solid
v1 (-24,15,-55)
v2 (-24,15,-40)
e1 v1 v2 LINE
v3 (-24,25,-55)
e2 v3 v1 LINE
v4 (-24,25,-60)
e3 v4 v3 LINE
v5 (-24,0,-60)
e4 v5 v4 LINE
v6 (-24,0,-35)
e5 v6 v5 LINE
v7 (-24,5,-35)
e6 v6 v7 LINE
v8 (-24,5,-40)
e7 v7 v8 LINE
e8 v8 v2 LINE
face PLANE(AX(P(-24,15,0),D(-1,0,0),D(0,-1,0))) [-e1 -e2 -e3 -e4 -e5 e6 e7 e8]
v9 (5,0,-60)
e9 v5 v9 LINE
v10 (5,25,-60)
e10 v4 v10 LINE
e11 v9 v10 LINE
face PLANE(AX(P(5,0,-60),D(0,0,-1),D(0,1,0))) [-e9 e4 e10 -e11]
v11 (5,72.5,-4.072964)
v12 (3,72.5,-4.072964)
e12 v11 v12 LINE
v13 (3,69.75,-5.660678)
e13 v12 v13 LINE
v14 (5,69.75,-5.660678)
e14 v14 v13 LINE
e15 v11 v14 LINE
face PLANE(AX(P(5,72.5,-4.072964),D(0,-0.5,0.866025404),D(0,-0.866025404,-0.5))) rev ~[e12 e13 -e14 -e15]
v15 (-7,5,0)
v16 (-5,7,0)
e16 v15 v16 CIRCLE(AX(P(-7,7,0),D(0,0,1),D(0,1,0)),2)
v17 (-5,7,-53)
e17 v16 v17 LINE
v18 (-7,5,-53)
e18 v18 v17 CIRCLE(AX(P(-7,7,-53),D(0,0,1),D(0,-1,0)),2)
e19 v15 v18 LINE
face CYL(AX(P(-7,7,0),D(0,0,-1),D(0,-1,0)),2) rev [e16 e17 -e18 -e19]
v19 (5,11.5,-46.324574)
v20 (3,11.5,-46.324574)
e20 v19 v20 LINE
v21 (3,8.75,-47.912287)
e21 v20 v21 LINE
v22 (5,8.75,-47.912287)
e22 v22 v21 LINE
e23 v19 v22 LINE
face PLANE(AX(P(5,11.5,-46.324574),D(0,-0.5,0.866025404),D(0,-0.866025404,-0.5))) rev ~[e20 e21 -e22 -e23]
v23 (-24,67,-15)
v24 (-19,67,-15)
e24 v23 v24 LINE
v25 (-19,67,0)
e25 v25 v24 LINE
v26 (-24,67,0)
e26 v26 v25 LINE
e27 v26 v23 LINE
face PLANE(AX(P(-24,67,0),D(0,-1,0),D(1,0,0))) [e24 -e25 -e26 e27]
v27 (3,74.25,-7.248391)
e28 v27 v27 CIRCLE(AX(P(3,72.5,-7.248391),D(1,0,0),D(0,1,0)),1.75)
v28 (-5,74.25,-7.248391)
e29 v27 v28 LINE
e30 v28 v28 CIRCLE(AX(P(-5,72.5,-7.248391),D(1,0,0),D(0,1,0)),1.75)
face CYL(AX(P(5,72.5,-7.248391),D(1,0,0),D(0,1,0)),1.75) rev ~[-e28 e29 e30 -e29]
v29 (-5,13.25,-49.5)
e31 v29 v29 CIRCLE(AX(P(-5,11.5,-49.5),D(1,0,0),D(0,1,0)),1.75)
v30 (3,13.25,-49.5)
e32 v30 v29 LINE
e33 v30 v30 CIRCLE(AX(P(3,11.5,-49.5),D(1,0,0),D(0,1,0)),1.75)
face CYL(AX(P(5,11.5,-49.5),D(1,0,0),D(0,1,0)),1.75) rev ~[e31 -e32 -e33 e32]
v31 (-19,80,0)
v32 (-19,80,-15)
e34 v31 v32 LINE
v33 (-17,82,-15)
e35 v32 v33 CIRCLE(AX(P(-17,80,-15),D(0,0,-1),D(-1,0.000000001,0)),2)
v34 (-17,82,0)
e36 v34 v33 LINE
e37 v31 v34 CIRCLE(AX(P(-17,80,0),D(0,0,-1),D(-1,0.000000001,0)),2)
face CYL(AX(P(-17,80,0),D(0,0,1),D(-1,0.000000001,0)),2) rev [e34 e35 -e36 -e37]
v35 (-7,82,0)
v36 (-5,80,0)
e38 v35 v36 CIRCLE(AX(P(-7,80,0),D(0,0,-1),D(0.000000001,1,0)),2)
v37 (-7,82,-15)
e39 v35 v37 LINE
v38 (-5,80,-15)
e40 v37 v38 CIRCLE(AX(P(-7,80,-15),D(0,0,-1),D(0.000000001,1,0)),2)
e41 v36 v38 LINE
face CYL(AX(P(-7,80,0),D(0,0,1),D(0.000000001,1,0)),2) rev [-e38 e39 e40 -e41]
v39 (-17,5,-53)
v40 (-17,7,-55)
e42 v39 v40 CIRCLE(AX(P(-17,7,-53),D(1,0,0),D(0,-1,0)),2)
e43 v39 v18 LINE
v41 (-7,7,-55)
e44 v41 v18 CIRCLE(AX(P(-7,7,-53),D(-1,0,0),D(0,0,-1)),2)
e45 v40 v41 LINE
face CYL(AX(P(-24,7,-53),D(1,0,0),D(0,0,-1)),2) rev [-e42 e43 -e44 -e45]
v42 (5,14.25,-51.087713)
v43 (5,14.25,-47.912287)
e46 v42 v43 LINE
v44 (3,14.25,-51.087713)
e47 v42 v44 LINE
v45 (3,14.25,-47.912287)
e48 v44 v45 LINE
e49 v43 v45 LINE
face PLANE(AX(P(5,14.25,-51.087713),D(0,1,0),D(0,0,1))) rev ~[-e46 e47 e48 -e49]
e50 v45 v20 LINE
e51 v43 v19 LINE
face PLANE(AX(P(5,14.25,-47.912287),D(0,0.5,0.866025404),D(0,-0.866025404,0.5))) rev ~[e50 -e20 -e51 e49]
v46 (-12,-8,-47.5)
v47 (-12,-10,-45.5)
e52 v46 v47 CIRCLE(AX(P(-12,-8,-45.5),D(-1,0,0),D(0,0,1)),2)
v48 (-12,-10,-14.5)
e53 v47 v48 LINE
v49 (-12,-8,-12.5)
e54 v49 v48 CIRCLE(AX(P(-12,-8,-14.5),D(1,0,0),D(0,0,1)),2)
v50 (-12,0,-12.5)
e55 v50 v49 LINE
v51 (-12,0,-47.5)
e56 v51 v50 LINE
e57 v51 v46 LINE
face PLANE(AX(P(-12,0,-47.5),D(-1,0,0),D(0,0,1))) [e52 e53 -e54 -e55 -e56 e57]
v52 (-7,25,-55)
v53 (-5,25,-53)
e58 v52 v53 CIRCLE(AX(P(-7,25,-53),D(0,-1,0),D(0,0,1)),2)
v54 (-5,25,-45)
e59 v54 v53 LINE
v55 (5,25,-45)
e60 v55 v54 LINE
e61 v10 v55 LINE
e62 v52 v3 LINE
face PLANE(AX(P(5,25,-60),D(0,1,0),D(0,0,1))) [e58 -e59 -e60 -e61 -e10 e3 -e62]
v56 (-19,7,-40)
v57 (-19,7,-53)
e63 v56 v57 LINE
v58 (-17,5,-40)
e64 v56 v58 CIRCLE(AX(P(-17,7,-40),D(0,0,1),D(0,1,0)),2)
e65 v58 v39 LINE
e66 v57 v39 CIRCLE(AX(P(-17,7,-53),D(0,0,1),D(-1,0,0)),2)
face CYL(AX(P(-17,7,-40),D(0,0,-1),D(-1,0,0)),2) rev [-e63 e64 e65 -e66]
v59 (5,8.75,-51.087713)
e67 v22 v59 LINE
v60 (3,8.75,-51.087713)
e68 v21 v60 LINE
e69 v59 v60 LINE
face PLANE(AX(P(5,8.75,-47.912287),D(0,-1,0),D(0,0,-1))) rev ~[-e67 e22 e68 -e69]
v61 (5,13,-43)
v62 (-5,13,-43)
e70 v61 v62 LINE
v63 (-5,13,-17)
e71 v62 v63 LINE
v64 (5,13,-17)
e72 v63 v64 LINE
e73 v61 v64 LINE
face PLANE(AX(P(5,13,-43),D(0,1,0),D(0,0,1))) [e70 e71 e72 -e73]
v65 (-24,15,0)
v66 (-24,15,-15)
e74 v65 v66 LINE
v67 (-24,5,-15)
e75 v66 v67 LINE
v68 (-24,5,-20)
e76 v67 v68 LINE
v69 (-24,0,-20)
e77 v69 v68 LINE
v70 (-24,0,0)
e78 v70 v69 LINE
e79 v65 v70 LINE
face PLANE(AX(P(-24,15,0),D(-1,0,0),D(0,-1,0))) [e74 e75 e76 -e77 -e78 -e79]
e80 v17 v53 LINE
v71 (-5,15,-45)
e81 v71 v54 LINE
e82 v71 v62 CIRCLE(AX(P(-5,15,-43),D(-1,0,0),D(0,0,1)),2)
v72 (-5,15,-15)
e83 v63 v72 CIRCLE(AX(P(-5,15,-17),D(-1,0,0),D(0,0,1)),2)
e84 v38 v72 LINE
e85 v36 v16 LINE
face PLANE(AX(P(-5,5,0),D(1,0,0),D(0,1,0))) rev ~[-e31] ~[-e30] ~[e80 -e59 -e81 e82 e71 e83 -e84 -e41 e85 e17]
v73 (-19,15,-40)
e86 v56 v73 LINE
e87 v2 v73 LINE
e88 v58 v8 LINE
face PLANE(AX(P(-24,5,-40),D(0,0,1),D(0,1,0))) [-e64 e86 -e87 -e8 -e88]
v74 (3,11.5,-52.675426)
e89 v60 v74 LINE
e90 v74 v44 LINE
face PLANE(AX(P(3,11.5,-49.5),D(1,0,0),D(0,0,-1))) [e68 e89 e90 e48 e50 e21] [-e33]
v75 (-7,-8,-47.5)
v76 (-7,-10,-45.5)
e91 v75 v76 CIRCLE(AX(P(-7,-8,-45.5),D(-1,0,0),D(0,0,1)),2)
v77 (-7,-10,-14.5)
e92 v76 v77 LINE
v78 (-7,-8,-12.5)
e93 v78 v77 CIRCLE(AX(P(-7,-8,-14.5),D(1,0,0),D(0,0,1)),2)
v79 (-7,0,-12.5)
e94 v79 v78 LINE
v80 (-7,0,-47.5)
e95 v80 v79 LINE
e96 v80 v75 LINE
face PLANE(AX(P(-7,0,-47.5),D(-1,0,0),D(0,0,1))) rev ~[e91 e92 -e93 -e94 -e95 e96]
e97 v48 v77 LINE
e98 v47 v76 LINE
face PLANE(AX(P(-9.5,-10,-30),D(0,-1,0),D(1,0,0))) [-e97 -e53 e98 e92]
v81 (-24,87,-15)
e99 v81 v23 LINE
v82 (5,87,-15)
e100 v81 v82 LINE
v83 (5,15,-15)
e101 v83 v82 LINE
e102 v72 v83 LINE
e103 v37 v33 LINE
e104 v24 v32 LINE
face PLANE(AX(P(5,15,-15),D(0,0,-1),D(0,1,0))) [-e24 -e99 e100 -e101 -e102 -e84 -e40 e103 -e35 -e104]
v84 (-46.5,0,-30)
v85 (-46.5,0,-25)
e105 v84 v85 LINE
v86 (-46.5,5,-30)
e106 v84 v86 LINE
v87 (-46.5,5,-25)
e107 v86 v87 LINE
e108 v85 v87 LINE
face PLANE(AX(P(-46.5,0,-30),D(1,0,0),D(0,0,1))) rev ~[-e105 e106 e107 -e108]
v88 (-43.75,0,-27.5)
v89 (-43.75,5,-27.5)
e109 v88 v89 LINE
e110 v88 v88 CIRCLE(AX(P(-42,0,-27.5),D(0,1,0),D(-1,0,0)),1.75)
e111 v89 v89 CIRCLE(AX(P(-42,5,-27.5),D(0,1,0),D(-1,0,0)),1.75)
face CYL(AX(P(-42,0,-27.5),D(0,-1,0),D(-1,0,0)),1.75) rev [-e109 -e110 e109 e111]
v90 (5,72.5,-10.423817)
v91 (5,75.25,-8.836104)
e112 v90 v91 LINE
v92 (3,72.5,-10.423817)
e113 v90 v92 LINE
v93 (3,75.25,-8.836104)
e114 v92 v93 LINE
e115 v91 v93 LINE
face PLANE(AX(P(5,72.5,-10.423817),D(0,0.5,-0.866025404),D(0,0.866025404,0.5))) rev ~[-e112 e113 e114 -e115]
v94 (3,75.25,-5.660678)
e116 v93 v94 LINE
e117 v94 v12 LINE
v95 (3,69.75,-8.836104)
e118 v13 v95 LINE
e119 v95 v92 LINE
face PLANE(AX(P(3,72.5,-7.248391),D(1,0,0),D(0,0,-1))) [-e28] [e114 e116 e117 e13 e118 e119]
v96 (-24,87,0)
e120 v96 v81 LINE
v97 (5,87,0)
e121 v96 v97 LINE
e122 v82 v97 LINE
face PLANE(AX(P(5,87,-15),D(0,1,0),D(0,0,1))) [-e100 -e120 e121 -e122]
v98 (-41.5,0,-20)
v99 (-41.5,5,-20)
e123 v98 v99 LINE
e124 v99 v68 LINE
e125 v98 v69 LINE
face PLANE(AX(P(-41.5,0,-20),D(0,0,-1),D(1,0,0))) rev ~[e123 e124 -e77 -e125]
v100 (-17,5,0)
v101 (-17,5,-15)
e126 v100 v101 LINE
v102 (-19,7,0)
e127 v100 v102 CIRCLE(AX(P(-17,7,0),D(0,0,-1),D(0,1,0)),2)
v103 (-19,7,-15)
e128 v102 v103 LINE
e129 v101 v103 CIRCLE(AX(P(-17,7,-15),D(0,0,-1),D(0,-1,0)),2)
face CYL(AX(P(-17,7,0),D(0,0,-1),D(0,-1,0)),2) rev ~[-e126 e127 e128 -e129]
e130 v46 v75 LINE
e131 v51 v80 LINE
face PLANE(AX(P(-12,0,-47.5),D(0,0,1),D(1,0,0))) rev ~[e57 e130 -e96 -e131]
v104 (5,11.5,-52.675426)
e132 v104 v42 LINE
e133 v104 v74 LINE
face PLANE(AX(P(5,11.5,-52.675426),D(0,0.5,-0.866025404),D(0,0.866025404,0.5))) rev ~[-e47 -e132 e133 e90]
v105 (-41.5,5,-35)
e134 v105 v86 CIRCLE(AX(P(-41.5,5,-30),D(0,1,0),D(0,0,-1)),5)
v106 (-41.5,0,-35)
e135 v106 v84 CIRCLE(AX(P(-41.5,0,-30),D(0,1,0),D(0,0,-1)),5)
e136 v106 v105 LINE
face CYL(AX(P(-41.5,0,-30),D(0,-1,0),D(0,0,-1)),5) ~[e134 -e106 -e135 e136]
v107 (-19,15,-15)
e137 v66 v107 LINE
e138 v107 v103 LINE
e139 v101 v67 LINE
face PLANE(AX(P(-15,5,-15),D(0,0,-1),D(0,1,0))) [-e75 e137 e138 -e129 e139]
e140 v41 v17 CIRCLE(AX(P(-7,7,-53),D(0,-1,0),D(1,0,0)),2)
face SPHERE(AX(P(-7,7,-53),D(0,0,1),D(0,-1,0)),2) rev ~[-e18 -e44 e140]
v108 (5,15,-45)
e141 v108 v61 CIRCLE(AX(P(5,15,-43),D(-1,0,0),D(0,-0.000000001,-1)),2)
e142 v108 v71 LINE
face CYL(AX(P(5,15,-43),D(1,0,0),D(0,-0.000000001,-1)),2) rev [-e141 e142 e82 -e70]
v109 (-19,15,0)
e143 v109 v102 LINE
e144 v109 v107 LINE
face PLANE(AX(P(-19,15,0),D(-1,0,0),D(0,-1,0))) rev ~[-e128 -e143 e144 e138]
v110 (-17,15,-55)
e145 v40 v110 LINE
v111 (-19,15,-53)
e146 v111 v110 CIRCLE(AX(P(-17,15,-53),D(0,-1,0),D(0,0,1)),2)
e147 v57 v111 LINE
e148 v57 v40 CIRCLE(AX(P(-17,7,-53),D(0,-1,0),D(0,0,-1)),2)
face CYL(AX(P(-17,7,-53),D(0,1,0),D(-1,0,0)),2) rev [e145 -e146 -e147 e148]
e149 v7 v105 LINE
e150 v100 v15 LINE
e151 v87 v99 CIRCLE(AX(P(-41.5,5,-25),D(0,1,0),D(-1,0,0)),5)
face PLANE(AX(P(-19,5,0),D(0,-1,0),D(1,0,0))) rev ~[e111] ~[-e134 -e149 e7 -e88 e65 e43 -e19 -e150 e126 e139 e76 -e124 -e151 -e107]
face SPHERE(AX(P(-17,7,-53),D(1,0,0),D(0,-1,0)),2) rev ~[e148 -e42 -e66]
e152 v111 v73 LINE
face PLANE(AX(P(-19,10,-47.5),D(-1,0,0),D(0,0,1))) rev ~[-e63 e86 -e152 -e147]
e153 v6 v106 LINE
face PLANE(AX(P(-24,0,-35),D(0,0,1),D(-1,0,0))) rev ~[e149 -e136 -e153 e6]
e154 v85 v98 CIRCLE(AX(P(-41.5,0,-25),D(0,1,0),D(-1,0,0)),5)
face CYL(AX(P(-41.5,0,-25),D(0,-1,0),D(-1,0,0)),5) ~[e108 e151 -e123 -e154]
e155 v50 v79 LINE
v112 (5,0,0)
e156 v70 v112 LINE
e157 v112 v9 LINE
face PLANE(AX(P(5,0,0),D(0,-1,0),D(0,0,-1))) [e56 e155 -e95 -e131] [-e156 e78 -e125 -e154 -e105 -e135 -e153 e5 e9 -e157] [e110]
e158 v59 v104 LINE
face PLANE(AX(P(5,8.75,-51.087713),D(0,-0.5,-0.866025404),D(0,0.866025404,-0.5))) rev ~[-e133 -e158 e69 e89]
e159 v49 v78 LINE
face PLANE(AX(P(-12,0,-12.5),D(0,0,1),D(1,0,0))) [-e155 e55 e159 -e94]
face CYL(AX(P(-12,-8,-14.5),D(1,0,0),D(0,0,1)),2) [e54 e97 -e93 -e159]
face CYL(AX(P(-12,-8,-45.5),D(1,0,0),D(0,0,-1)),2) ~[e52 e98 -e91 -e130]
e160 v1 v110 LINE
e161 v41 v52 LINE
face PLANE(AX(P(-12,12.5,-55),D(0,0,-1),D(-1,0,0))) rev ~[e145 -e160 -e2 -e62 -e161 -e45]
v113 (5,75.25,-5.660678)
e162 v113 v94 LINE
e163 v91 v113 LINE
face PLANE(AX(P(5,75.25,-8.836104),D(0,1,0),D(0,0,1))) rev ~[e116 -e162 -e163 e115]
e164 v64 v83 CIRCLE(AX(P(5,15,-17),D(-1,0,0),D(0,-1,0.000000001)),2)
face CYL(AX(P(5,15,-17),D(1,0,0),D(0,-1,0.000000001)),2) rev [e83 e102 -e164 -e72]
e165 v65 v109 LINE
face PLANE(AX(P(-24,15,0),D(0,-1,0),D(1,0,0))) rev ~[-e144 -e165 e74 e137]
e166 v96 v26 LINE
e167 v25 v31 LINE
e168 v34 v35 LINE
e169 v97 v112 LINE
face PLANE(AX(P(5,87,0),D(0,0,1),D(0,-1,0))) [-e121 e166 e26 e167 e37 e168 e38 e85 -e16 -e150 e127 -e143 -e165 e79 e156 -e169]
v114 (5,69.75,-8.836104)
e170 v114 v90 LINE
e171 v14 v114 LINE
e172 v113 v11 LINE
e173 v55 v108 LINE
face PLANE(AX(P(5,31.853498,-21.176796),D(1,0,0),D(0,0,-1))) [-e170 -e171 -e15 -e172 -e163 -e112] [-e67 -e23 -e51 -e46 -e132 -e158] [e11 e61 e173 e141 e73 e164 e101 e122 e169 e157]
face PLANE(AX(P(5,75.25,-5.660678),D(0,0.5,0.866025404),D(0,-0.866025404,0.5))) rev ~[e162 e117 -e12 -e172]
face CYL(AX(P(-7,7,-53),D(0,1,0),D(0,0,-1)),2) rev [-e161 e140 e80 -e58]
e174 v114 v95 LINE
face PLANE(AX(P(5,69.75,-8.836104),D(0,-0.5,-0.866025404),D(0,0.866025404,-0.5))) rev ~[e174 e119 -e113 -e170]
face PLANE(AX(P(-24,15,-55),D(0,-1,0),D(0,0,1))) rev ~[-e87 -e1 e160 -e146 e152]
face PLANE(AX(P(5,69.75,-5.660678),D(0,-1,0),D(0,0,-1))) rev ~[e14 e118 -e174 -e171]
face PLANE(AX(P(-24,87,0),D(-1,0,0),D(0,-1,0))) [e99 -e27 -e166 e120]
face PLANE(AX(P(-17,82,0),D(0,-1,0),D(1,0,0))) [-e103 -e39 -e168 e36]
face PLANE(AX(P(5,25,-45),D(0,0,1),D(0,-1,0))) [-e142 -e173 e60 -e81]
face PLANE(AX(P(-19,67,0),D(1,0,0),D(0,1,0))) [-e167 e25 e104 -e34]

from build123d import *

# Parameters (mm, degrees)
BOSS_EXTRUDE1_DEPTH     = 15
BOSS_EXTRUDE2_DEPTH     = 60
SKETCH3_W               = 24
SKETCH3_H               = 25
BOSS_EXTRUDE3_DEPTH     = 5
FILLET1_R               = 2
CUT_EXTRUDE1_DEPTH      = 109.374351209
CUT_EXTRUDE1_DEPTH_BACK = 9
SKETCH5_W               = 30
SKETCH5_H               = 12
CUT_EXTRUDE2_DEPTH      = 9
FILLET2_R               = 2
FILLET3_R               = 2
FILLET4_R               = 2
SKETCH6_W               = 15
SKETCH6_H               = 10
BOSS_EXTRUDE4_DEPTH     = 5
FILLET5_R               = 2
BOSS_EXTRUDE6_START     = 5
BOSS_EXTRUDE6_DEPTH     = 5
SKETCH11_R              = 1.75
CUT_EXTRUDE6_DEPTH      = 17
CUT_EXTRUDE7_DEPTH      = 2
SKETCH16_R              = 1.75
BOSS_EXTRUDE7_DEPTH     = 5
SKETCH17_W              = 5
SKETCH17_H              = 35
BOSS_EXTRUDE8_DEPTH     = 10
FILLET6_R               = 2


with BuildPart() as part:
    # Sketch1 → Boss-Extrude1 (new body)
    with BuildSketch(Plane.XY):
        with BuildLine():
            Line((0, 0), (0, 87))
            Line((0, 87), (-24, 87))
            Line((-24, 87), (-24, 67))
            Line((-24, 67), (-19, 67))
            Line((-19, 67), (-19, 80))
            ThreePointArc((-19, 80), (-18.414213562, 81.414213562), (-17, 82))
            Line((-17, 82), (-7, 82))
            ThreePointArc((-7, 82), (-5.585786438, 81.414213562), (-5, 80))
            Line((-5, 80), (-5, 75.913258959))
            Line((-5, 75.913258959), (-5, 0))
            Line((-5, 0), (0, 0))
        make_face()
    extrude(amount=-BOSS_EXTRUDE1_DEPTH)

    # Sketch2 → Boss-Extrude2 (add)
    with BuildSketch(Plane.XY):
        Polygon((-5, 0), (-24, 0), (-24, 0.85250732), (-24, 15), (-19, 15), (-19, 5), (-5, 5), (-5, 25), (0, 25), (0, 0), align=None)
    extrude(amount=-BOSS_EXTRUDE2_DEPTH)

    # Sketch3 → Boss-Extrude3 (add)
    with BuildSketch(Plane(origin=(0, 0, -60), x_dir=(-1, 0, 0), z_dir=(0, 0, -1))):
        with Locations((12, 12.5)):
            Rectangle(SKETCH3_W, SKETCH3_H)
    extrude(amount=-BOSS_EXTRUDE3_DEPTH)

    # Fillet1
    fillet1_edges = [part.edges().sort_by_distance(p)[0] for p in [
        (-5, 5, -27.5),
        (-19, 5, -27.5),
    ]]
    fillet(fillet1_edges, radius=FILLET1_R)

    # Sketch4 → Cut-Extrude1 (cut, two sides: drawn at the far end of the back side and taken through both)
    with BuildSketch(Plane.ZY.offset(24).offset(-CUT_EXTRUDE1_DEPTH_BACK)):
        Polygon((-55, 206.20706388), (-55, 15), (-55, 5), (-15, 5), (-15, 15), (-15, 206.20706388), (-15, 588.62119164), (-55, 588.62119164), align=None)
    extrude(amount=CUT_EXTRUDE1_DEPTH + CUT_EXTRUDE1_DEPTH_BACK, mode=Mode.SUBTRACT)

    # Sketch5 → Cut-Extrude2 (cut)
    with BuildSketch(Plane.ZY.offset(5)):
        with Locations((-30, 19)):
            Rectangle(SKETCH5_W, SKETCH5_H)
    extrude(amount=-CUT_EXTRUDE2_DEPTH, mode=Mode.SUBTRACT)

    # Fillet2
    fillet2_edges = [part.edges().sort_by_distance(p)[0] for p in [
        (-5, 16, -55),
        (-15.5, 5, -55),
        (-5.585786438, 5.585786438, -55),
    ]]
    fillet(fillet2_edges, radius=FILLET2_R)

    # Fillet3
    fillet3_edges = [part.edges().sort_by_distance(p)[0] for p in [
        (-2.5, 13, -45),
    ]]
    fillet(fillet3_edges, radius=FILLET3_R)

    # Fillet4
    fillet4_edges = [part.edges().sort_by_distance(p)[0] for p in [
        (-2.5, 13, -15),
    ]]
    fillet(fillet4_edges, radius=FILLET4_R)

    # Sketch6 → Boss-Extrude4 (add)
    with BuildSketch(Plane.ZY.offset(24)):
        with Locations((-47.5, 10)):
            Rectangle(SKETCH6_W, SKETCH6_H)
    extrude(amount=-BOSS_EXTRUDE4_DEPTH)

    # Fillet5
    fillet5_edges = [part.edges().sort_by_distance(p)[0] for p in [
        (-19, 5.585786438, -54.414213562),
        (-19, 11, -55),
        (-19, 5, -46.5),
    ]]
    fillet(fillet5_edges, radius=FILLET5_R)

    # Sketch10 → Boss-Extrude6 (add)
    with BuildSketch(Plane(origin=(0, 0, 0), x_dir=(0, 0, -1), z_dir=(1, 0, 0)).offset(BOSS_EXTRUDE6_START)):
        with BuildLine():
            Line((43, 13), (17, 13))
            ThreePointArc((17, 13), (15.585786438, 13.585786438), (15, 15))
            Line((15, 15), (15, 87))
            Line((15, 87), (0, 87))
            Line((0, 87), (0, 0))
            Line((0, 0), (60, 0))
            Line((60, 0), (60, 25))
            Line((60, 25), (45, 25))
            Line((45, 25), (45, 15))
            ThreePointArc((45, 15), (44.414213562, 13.585786438), (43, 13))
        make_face()
    extrude(amount=-BOSS_EXTRUDE6_DEPTH)

    # Sketch11 → Cut-Extrude6 (cut)
    with BuildSketch(Plane(origin=(5, 0, 0), x_dir=(0, 0, -1), z_dir=(1, 0, 0))):
        with Locations(Location((49.5, 11.5, 0), (0, 0, 90))):
            Circle(SKETCH11_R)
        with Locations(Location((7.248390946, 72.5, 0), (0, 0, 90))):
            Circle(SKETCH11_R)
    extrude(amount=-CUT_EXTRUDE6_DEPTH, mode=Mode.SUBTRACT)

    # Sketch14 → Cut-Extrude7 (cut)
    with BuildSketch(Plane(origin=(5, 0, 0), x_dir=(0, 0, -1), z_dir=(1, 0, 0))):
        Polygon((10.423817427, 72.5), (8.836104186, 75.25), (5.660677706, 75.25), (4.072964465, 72.5), (5.660677706, 69.75), (8.836104186, 69.75), align=None)
        Polygon((52.675426481, 11.5), (51.08771324, 14.25), (47.91228676, 14.25), (46.324573519, 11.5), (47.91228676, 8.75), (51.08771324, 8.75), align=None)
    extrude(amount=-CUT_EXTRUDE7_DEPTH, mode=Mode.SUBTRACT)

    # Sketch16 → Boss-Extrude7 (add)
    with BuildSketch(Plane(origin=(0, 0, 0), x_dir=(1, 0, 0), z_dir=(0, 1, 0))):
        with BuildLine():
            Line((-24, 35), (-41.5, 35))
            ThreePointArc((-41.5, 35), (-45.035533906, 33.535533906), (-46.5, 30))
            Line((-46.5, 30), (-46.5, 25))
            ThreePointArc((-46.5, 25), (-45.035533906, 21.464466094), (-41.5, 20))
            Line((-41.5, 20), (-24, 20))
            Line((-24, 20), (-24, 35))
        make_face()
        with Locations(Location((-42, 27.5, 0), (0, 0, 180))):
            Circle(SKETCH16_R, mode=Mode.SUBTRACT)
    extrude(amount=BOSS_EXTRUDE7_DEPTH)

    # Sketch17 → Boss-Extrude8 (add)
    with BuildSketch(Plane.XZ):
        with Locations((-9.5, -30)):
            Rectangle(SKETCH17_W, SKETCH17_H)
    extrude(amount=BOSS_EXTRUDE8_DEPTH)

    # Fillet6
    fillet6_edges = [part.edges().sort_by_distance(p)[0] for p in [
        (-9.5, -10, -12.5),
        (-9.5, -10, -47.5),
    ]]
    fillet(fillet6_edges, radius=FILLET6_R)


solid = part.part
